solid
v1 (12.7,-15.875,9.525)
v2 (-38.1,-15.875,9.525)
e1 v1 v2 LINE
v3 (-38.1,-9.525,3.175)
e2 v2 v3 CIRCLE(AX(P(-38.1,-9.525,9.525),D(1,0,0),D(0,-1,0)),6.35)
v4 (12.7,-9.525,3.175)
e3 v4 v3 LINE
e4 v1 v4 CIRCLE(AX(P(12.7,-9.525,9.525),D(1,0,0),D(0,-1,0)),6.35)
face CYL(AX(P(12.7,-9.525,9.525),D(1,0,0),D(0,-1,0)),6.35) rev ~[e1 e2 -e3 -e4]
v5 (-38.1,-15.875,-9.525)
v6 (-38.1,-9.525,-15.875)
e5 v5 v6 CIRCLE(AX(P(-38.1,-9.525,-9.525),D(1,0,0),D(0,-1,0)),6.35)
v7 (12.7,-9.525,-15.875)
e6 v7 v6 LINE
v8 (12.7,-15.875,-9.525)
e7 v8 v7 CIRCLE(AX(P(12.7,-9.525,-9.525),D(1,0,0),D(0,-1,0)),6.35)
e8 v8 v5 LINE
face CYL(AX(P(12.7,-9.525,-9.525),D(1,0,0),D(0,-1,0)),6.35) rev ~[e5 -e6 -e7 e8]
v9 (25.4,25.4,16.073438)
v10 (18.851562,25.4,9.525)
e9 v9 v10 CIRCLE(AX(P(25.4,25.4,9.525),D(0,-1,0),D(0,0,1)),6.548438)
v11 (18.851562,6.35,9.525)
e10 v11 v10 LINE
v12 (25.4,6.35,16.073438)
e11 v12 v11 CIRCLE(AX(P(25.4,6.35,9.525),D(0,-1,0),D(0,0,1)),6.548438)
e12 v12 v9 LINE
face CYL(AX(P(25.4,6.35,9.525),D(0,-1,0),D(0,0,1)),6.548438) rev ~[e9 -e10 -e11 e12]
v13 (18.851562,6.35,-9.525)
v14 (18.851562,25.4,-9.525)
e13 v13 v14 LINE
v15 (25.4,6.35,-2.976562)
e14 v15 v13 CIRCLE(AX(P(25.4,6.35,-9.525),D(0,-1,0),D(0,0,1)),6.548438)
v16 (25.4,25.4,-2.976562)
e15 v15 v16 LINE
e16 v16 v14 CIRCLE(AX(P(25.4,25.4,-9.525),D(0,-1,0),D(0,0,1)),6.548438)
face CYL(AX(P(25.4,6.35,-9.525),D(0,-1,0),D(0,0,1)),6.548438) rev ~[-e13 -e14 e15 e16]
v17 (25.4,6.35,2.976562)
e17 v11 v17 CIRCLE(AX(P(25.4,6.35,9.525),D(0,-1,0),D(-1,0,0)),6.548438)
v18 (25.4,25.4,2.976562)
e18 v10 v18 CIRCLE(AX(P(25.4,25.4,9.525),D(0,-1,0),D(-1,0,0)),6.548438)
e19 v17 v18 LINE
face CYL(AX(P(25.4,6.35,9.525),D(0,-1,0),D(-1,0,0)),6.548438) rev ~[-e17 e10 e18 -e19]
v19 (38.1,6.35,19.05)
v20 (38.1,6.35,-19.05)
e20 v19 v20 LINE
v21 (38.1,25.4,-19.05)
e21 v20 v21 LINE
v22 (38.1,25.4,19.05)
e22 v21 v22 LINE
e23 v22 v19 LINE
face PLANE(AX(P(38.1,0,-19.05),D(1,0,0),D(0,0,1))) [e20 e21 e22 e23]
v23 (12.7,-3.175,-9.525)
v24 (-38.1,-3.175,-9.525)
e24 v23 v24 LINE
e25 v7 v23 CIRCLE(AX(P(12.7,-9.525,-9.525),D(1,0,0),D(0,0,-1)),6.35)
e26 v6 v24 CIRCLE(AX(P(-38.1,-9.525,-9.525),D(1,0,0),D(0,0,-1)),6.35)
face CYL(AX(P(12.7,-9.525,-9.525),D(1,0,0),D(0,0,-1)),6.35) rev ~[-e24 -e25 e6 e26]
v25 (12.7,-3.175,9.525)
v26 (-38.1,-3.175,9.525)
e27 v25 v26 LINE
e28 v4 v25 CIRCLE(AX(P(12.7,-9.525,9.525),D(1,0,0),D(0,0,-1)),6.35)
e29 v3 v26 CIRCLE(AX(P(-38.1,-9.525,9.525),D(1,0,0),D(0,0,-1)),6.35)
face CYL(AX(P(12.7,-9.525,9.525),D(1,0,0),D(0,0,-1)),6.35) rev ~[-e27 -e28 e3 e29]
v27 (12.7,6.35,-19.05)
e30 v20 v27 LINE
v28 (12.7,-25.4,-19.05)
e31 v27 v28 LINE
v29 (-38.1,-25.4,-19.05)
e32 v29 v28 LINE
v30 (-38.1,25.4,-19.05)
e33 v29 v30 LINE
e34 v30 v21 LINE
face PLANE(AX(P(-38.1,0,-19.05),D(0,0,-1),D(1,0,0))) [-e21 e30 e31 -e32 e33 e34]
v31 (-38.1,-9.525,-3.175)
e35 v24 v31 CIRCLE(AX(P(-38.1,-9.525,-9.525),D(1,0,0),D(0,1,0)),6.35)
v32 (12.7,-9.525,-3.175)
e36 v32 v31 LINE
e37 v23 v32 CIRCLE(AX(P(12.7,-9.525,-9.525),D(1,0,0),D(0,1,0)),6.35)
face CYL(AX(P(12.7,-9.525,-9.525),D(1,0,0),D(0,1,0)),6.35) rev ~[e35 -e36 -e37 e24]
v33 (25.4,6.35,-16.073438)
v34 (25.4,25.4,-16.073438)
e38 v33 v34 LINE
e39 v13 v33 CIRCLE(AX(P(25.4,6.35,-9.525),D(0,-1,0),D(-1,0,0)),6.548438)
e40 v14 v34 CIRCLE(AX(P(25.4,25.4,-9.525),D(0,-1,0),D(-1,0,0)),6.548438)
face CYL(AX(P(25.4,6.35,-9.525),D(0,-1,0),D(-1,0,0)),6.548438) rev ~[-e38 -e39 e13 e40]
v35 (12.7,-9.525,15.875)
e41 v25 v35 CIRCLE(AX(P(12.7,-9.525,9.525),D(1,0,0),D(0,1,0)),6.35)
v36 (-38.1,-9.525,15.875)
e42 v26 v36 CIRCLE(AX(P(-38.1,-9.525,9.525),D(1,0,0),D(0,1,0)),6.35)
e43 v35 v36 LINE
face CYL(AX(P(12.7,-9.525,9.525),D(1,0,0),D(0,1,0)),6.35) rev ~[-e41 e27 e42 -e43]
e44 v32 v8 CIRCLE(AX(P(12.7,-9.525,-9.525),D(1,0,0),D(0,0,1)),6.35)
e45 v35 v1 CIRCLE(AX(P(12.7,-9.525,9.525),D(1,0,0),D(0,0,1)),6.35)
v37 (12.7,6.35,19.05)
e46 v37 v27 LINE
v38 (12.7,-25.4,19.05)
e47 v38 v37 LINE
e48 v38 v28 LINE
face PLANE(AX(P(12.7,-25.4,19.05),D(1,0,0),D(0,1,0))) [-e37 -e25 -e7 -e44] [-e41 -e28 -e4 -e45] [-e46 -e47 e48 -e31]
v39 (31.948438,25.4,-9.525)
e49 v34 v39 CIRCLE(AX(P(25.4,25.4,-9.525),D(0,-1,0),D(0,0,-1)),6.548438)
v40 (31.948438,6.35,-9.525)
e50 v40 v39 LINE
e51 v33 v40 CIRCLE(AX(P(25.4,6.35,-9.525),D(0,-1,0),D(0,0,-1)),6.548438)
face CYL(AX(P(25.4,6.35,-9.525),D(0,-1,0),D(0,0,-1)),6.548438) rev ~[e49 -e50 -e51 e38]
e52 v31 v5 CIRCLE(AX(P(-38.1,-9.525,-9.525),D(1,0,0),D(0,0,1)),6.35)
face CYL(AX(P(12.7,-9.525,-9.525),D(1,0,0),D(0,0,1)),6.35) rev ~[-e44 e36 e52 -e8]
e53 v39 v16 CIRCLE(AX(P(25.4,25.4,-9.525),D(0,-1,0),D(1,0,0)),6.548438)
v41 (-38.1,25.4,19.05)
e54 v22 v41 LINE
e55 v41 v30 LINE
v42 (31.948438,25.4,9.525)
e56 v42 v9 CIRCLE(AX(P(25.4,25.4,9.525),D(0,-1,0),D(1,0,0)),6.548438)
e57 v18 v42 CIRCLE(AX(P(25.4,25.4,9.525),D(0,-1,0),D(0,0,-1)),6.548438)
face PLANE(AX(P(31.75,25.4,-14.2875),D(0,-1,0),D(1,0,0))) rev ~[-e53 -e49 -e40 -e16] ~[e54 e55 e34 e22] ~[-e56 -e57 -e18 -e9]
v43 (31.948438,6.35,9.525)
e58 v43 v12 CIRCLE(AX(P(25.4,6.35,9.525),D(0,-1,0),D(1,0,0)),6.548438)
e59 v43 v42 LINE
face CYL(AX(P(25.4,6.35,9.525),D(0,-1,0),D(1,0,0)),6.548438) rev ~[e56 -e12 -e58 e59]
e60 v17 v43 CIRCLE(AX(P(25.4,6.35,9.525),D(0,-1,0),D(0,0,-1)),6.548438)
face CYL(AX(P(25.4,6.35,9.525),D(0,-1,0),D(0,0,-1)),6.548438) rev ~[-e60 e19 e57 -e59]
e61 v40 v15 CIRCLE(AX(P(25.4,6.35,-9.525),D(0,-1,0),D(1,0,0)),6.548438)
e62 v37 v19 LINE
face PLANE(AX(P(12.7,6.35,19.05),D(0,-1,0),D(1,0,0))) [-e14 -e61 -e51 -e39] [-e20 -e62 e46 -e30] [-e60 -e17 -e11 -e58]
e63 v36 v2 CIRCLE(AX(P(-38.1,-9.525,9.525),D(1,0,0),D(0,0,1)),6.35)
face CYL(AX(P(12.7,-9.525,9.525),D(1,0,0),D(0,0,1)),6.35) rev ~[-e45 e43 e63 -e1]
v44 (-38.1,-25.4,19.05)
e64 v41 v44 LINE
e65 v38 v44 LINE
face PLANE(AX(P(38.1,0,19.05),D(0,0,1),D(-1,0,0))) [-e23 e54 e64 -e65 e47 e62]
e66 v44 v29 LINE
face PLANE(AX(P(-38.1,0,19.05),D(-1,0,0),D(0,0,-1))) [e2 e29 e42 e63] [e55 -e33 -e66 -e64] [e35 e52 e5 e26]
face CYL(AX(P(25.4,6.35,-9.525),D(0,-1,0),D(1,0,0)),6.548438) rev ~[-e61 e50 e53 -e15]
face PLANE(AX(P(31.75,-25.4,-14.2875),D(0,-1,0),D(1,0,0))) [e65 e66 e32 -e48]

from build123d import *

# Parameters (mm, degrees)
F0_W     = 12.7
F0_H     = 9.525
F0_H_2   = 19.05
F1_DEPTH = 25.4
F2_W     = 25.4
F2_H     = 31.75
F3_DEPTH = 38.101
F5_DEPTH = 19.051
F7_DEPTH = 50.801


with BuildPart() as f1:
    # F0 (on Front) → F1 (new body, symmetric)
    with BuildSketch(Plane.XZ):
        with Locations((31.75, -14.2875)):
            Rectangle(F0_W, F0_H)
        with Locations((19.05, -14.2875)):
            Rectangle(F0_W, F0_H)
        with Locations((31.75, 0)):
            Rectangle(F0_W, F0_H_2)
        Polygon((-38.1, -19.05), (12.7, -19.05), (12.7, -9.525), (12.7, 9.525), (12.7, 19.05), (-38.1, 19.05), align=None)
        with Locations((31.75, 14.2875)):
            Rectangle(F0_W, F0_H)
        with Locations((19.05, 14.2875)):
            Rectangle(F0_W, F0_H)
        with Locations((19.05, 0)):
            Rectangle(F0_W, F0_H_2)
    extrude(amount=F1_DEPTH, both=True)

    # F2 (on face) → F3 (cut, through all)
    with BuildSketch(Plane.XY.offset(19.05)):
        with Locations((25.4, -9.525)):
            Rectangle(F2_W, F2_H)
    extrude(amount=-F3_DEPTH, mode=Mode.SUBTRACT)

    # F4 (on face) → F5 (cut, through all)
    with BuildSketch(Plane.XZ.offset(-6.35)):
        with BuildLine():
            ThreePointArc((31.9484375, 9.525), (30.0304445624, 14.1554445624), (25.4, 16.0734375))
            Line((25.4, 16.0734375), (25.4, 9.525))
            Line((25.4, 9.525), (31.9484375, 9.525))
        make_face()
        with BuildLine():
            ThreePointArc((31.9484375, -9.525), (30.0304445624, -4.8945554376), (25.4, -2.9765625))
            Line((25.4, -2.9765625), (25.4, -9.525))
            Line((25.4, -9.525), (31.9484375, -9.525))
        make_face()
        with BuildLine():
            Line((25.4, -9.525), (25.4, -2.9765625))
            ThreePointArc((25.4, -2.9765625), (20.7695554376, -4.8945554376), (18.8515625, -9.525))
            Line((18.8515625, -9.525), (25.4, -9.525))
        make_face()
        with BuildLine():
            Line((25.4, 9.525), (25.4, 16.0734375))
            ThreePointArc((25.4, 16.0734375), (20.7695554376, 14.1554445624), (18.8515625, 9.525))
            Line((18.8515625, 9.525), (25.4, 9.525))
        make_face()
        with BuildLine():
            Line((31.9484375, 9.525), (25.4, 9.525))
            Line((25.4, 9.525), (25.4, 2.9765625))
            ThreePointArc((25.4, 2.9765625), (30.0304445624, 4.8945554376), (31.9484375, 9.525))
        make_face()
        with BuildLine():
            Line((25.4, 2.9765625), (25.4, 9.525))
            Line((25.4, 9.525), (18.8515625, 9.525))
            ThreePointArc((18.8515625, 9.525), (20.7695554376, 4.8945554376), (25.4, 2.9765625))
        make_face()
        with BuildLine():
            Line((31.9484375, -9.525), (25.4, -9.525))
            Line((25.4, -9.525), (25.4, -16.0734375))
            ThreePointArc((25.4, -16.0734375), (30.0304445624, -14.1554445624), (31.9484375, -9.525))
        make_face()
        with BuildLine():
            Line((25.4, -16.0734375), (25.4, -9.525))
            Line((25.4, -9.525), (18.8515625, -9.525))
            ThreePointArc((18.8515625, -9.525), (20.7695554376, -14.1554445624), (25.4, -16.0734375))
        make_face()
    extrude(amount=-F5_DEPTH, mode=Mode.SUBTRACT)

    # F6 (on face) → F7 (cut, through all)
    with BuildSketch(Plane.YZ.offset(12.7)):
        with BuildLine():
            ThreePointArc((-3.175, 9.525), (-5.0348719395, 14.0151280605), (-9.525, 15.875))
            Line((-9.525, 15.875), (-9.525, 9.525))
            Line((-9.525, 9.525), (-3.175, 9.525))
        make_face()
        with BuildLine():
            ThreePointArc((-3.175, -9.525), (-5.0348719395, -5.0348719395), (-9.525, -3.175))
            Line((-9.525, -3.175), (-9.525, -9.525))
            Line((-9.525, -9.525), (-3.175, -9.525))
        make_face()
        with BuildLine():
            Line((-9.525, -9.525), (-9.525, -3.175))
            ThreePointArc((-9.525, -3.175), (-14.0151280605, -5.0348719395), (-15.875, -9.525))
            Line((-15.875, -9.525), (-9.525, -9.525))
        make_face()
        with BuildLine():
            Line((-9.525, 9.525), (-9.525, 15.875))
            ThreePointArc((-9.525, 15.875), (-14.0151280605, 14.0151280605), (-15.875, 9.525))
            Line((-15.875, 9.525), (-9.525, 9.525))
        make_face()
        with BuildLine():
            Line((-3.175, 9.525), (-9.525, 9.525))
            Line((-9.525, 9.525), (-9.525, 3.175))
            ThreePointArc((-9.525, 3.175), (-5.0348719395, 5.0348719395), (-3.175, 9.525))
        make_face()
        with BuildLine():
            Line((-9.525, 3.175), (-9.525, 9.525))
            Line((-9.525, 9.525), (-15.875, 9.525))
            ThreePointArc((-15.875, 9.525), (-14.0151280605, 5.0348719395), (-9.525, 3.175))
        make_face()
        with BuildLine():
            Line((-3.175, -9.525), (-9.525, -9.525))
            Line((-9.525, -9.525), (-9.525, -15.875))
            ThreePointArc((-9.525, -15.875), (-5.0348719395, -14.0151280605), (-3.175, -9.525))
        make_face()
        with BuildLine():
            Line((-9.525, -15.875), (-9.525, -9.525))
            Line((-9.525, -9.525), (-15.875, -9.525))
            ThreePointArc((-15.875, -9.525), (-14.0151280605, -14.0151280605), (-9.525, -15.875))
        make_face()
    extrude(amount=-F7_DEPTH, mode=Mode.SUBTRACT)


solid = f1.part
